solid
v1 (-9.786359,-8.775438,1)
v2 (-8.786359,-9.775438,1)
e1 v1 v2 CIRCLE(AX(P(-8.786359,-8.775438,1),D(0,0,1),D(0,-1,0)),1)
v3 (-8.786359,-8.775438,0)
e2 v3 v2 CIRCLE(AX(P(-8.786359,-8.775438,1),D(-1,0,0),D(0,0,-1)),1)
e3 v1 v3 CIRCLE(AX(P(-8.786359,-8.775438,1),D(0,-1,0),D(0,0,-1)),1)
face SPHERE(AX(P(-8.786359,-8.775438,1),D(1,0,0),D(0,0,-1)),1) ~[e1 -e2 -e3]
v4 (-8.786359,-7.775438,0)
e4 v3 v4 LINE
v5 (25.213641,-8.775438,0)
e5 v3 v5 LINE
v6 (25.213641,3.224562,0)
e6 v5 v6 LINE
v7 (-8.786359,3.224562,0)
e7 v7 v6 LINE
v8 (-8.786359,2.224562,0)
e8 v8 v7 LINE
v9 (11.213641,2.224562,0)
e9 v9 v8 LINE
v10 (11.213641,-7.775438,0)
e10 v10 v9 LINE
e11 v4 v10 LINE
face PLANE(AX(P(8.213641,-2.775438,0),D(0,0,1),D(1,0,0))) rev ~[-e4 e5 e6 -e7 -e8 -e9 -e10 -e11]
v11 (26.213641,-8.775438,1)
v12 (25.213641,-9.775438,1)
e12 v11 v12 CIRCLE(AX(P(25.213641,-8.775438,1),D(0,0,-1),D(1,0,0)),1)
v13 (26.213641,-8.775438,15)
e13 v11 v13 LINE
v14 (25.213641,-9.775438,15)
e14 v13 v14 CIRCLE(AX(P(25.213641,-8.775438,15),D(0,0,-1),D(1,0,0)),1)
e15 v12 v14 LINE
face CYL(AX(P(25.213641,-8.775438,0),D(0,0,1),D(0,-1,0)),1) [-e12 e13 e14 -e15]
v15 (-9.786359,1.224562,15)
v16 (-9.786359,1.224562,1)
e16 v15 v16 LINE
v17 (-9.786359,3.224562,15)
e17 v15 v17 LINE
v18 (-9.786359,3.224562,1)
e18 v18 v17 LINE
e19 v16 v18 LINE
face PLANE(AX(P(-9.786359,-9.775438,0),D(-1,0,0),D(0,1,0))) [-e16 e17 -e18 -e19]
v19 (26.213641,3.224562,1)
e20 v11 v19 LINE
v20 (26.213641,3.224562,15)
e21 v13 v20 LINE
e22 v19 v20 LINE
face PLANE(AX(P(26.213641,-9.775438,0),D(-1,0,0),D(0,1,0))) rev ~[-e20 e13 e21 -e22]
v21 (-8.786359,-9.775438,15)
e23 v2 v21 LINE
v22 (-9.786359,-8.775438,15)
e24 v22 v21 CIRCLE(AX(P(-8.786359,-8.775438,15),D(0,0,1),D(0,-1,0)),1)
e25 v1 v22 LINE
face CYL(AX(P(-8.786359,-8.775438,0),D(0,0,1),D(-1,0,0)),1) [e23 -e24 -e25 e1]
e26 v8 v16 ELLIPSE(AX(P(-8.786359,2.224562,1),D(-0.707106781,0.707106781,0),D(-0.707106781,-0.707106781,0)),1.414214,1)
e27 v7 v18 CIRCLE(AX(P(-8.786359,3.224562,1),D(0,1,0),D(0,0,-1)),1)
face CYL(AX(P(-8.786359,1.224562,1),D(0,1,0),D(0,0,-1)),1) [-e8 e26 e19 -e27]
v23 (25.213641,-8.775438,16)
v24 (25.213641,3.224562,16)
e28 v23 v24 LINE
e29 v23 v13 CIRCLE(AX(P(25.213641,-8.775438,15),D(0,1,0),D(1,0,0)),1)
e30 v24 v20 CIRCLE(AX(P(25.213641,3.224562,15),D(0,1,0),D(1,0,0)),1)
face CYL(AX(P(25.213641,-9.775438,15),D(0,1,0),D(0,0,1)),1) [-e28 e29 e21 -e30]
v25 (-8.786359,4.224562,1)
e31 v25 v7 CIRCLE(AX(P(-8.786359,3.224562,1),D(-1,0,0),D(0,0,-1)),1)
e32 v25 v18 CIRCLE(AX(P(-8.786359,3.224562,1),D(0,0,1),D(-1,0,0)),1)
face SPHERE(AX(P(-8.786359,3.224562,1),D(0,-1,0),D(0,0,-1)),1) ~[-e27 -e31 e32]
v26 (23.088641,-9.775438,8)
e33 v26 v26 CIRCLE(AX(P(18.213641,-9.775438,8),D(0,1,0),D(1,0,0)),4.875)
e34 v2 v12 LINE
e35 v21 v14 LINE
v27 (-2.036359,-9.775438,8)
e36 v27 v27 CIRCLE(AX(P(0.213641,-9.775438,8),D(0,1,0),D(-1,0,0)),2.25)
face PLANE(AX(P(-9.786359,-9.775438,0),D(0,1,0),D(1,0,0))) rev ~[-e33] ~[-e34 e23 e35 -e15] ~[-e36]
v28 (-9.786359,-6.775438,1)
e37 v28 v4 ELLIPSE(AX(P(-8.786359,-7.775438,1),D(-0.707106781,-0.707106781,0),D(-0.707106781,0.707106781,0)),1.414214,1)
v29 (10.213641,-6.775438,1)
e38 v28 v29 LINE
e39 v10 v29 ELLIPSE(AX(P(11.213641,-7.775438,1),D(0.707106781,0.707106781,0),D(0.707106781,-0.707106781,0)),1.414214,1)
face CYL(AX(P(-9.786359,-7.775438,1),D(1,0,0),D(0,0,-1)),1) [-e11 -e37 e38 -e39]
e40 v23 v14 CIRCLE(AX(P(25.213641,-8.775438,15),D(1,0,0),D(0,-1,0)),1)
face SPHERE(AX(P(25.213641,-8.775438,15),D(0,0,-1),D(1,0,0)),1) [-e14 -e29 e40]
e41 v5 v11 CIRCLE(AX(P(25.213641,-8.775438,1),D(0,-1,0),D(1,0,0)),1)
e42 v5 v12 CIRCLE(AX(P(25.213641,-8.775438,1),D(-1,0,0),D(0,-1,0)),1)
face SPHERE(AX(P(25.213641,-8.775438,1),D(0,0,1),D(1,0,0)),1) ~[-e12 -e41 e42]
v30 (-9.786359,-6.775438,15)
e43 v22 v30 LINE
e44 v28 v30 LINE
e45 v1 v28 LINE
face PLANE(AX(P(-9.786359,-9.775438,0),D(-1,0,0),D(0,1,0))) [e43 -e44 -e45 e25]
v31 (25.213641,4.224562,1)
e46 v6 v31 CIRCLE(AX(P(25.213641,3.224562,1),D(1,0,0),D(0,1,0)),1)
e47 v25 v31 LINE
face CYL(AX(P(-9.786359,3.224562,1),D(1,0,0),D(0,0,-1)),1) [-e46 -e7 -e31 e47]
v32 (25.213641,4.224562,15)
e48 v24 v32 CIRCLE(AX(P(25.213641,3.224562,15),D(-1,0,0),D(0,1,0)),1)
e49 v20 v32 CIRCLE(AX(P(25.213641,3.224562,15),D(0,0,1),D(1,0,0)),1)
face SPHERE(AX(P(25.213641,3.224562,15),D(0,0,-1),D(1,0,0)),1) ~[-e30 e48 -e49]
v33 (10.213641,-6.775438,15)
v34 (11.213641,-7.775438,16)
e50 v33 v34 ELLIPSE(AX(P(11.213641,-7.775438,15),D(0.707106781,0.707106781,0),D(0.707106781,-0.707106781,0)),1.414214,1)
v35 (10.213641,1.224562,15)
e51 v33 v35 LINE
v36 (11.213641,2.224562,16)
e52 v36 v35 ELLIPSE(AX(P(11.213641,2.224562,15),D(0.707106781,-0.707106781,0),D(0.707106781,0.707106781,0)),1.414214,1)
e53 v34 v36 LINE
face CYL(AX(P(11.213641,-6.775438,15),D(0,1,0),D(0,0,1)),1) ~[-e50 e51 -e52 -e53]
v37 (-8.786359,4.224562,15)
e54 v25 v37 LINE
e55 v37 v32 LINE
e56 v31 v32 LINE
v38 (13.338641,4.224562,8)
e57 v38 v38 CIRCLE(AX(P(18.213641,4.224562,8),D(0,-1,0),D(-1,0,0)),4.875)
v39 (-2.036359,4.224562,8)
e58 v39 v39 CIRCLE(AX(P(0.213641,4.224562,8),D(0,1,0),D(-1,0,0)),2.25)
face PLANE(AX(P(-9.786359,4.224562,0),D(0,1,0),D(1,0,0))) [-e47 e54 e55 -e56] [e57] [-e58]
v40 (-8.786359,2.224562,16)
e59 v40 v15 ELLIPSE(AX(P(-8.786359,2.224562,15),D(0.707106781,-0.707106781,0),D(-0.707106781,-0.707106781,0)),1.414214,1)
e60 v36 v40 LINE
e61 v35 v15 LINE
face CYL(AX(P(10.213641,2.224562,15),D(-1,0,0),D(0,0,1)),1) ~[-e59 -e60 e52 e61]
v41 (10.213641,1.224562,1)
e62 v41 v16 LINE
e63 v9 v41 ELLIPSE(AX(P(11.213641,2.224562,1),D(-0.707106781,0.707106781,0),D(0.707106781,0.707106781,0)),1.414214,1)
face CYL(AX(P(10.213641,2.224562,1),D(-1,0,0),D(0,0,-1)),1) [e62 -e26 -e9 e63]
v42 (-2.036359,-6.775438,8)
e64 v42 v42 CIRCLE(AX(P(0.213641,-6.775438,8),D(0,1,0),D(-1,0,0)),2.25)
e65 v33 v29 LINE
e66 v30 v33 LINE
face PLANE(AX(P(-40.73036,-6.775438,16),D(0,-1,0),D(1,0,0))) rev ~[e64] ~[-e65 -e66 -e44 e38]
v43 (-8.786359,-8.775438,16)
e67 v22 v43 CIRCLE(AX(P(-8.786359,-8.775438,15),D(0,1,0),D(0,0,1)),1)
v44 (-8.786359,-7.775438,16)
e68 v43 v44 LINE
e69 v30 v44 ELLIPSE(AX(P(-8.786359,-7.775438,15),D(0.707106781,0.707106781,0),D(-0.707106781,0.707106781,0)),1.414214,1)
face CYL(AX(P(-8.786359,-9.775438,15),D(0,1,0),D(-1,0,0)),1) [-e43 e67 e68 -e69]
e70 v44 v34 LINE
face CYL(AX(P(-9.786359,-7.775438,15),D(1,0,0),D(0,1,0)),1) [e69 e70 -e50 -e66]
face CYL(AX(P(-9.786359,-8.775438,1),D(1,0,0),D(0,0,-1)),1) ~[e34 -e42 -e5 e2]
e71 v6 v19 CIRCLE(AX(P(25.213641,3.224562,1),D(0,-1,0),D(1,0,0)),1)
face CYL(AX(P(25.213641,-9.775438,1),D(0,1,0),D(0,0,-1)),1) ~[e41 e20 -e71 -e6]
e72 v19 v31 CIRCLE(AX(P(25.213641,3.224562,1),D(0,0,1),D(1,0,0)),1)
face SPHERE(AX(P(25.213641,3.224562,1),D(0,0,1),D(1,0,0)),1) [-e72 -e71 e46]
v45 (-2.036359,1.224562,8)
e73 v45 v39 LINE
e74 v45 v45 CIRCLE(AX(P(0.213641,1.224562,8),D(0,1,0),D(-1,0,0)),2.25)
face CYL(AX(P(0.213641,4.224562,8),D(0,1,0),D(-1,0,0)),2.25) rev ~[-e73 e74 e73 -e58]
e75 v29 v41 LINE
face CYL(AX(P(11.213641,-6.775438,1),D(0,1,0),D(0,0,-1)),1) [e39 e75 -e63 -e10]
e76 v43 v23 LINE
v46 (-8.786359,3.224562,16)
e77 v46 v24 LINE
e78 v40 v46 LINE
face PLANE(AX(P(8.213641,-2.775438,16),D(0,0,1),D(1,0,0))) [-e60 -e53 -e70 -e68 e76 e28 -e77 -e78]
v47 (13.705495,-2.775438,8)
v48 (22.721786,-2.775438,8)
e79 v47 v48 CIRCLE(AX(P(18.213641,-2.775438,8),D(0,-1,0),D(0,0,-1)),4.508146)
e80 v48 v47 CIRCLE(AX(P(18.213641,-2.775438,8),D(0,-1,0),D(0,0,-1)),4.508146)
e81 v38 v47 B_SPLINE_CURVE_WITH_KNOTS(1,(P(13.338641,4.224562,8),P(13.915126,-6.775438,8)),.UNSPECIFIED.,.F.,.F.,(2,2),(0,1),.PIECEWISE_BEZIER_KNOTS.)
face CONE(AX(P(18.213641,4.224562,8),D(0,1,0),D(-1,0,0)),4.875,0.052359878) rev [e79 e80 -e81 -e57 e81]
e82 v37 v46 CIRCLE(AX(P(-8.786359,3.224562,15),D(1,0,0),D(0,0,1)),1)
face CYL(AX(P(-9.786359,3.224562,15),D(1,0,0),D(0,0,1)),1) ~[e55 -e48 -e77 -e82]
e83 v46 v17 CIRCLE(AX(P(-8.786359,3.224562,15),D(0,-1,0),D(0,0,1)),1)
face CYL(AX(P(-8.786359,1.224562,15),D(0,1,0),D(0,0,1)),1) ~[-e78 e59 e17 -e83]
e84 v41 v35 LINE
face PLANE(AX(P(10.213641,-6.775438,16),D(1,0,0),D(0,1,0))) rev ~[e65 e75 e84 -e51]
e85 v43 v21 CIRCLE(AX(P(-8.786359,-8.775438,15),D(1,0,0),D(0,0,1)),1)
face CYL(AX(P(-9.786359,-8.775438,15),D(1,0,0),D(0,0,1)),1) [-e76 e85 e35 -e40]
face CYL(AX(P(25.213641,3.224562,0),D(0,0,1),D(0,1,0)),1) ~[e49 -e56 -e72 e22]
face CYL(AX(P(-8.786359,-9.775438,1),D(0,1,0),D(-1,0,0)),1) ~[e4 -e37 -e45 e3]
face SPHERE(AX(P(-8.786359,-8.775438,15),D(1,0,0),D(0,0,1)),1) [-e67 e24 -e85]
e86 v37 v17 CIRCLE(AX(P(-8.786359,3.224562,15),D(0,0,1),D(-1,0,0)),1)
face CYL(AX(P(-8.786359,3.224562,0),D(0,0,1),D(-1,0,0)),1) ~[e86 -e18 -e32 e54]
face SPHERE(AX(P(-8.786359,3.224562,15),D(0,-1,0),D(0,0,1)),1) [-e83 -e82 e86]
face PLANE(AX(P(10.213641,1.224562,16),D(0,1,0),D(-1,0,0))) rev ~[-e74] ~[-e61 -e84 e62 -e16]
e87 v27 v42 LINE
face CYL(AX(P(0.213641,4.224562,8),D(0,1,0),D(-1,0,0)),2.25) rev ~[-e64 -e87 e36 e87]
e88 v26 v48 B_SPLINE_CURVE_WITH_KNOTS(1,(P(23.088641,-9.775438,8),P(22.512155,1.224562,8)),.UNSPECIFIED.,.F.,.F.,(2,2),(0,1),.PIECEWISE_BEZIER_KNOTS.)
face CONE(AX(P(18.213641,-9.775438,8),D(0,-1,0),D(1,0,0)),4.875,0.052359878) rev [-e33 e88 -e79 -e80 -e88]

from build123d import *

# Parameters (mm, degrees)
F0_W     = 36
F0_H     = 14
F1_DEPTH = 16
F2_W     = 20
F2_H     = 8
F2_W_2   = 30.9440002977
F3_DEPTH = 29.3
F4_R     = 4.875
F5_DEPTH = 11
F5_TAPER = 3
F6_R     = 4.875
F7_DEPTH = 11
F7_TAPER = 3
F8_R     = 1
F4_R_2   = 2.25
F9_DEPTH = 16


with BuildPart() as f1:
    # F0 (on Top) → F1 (new body)
    with BuildSketch(Plane.XY):
        with Locations((8.2136405466, -2.7754378021)):
            Rectangle(F0_W, F0_H)
    extrude(amount=F1_DEPTH)

    # F2 (on face) → F3 (cut, symmetric)
    with BuildSketch(Plane.XY.offset(16)):
        with Locations((0.2136405466, -2.7754378021)):
            Rectangle(F2_W, F2_H)
        with Locations((-25.2583596023, -2.7754378021)):
            Rectangle(F2_W_2, F2_H)
    extrude(amount=F3_DEPTH, both=True, mode=Mode.SUBTRACT)

    # F4 (on face) → F5 (cut)
    with BuildSketch(Plane(origin=(0, 4.2245621979, 0), x_dir=(-1, 0, 0), z_dir=(0, 1, 0))):
        with Locations((-18.2136405466, 8)):
            Circle(F4_R)
    extrude(amount=-F5_DEPTH, taper=F5_TAPER, mode=Mode.SUBTRACT)

    # F6 (on face) → F7 (cut)
    with BuildSketch(Plane.XZ.offset(9.7754378021)):
        with Locations((18.2136405466, 8)):
            Circle(F6_R)
    extrude(amount=-F7_DEPTH, taper=F7_TAPER, mode=Mode.SUBTRACT)

    # F8
    f8_edges = [f1.edges().sort_by_distance(p)[0] for p in [
        (26.213641, -9.775438, 8),
        (26.213641, 4.224562, 8),
        (26.213641, -2.775438, 0),
        (26.213641, -2.775438, 16),
        (8.213641, -9.775438, 16),
        (-9.786359, -8.275438, 16),
        (0.213641, -6.775438, 16),
        (10.213641, -2.775438, 16),
        (0.213641, 1.224562, 16),
        (-9.786359, 2.724562, 16),
        (8.213641, 4.224562, 16),
        (8.213641, -9.775438, 0),
        (-9.786359, -8.275438, 0),
        (0.213641, -6.775438, 0),
        (10.213641, -2.775438, 0),
        (0.213641, 1.224562, 0),
        (-9.786359, 2.724562, 0),
        (8.213641, 4.224562, 0),
        (-9.786359, 4.224562, 8),
        (-9.786359, -9.775438, 8),
    ]]
    fillet(f8_edges, radius=F8_R)

    # F4 (on face) → F9 (cut, symmetric)
    with BuildSketch(Plane(origin=(0, 4.2245621979, 0), x_dir=(-1, 0, 0), z_dir=(0, 1, 0))):
        with Locations((-0.2136405466, 8)):
            Circle(F4_R_2)
    extrude(amount=F9_DEPTH, both=True, mode=Mode.SUBTRACT)


solid = f1.part
